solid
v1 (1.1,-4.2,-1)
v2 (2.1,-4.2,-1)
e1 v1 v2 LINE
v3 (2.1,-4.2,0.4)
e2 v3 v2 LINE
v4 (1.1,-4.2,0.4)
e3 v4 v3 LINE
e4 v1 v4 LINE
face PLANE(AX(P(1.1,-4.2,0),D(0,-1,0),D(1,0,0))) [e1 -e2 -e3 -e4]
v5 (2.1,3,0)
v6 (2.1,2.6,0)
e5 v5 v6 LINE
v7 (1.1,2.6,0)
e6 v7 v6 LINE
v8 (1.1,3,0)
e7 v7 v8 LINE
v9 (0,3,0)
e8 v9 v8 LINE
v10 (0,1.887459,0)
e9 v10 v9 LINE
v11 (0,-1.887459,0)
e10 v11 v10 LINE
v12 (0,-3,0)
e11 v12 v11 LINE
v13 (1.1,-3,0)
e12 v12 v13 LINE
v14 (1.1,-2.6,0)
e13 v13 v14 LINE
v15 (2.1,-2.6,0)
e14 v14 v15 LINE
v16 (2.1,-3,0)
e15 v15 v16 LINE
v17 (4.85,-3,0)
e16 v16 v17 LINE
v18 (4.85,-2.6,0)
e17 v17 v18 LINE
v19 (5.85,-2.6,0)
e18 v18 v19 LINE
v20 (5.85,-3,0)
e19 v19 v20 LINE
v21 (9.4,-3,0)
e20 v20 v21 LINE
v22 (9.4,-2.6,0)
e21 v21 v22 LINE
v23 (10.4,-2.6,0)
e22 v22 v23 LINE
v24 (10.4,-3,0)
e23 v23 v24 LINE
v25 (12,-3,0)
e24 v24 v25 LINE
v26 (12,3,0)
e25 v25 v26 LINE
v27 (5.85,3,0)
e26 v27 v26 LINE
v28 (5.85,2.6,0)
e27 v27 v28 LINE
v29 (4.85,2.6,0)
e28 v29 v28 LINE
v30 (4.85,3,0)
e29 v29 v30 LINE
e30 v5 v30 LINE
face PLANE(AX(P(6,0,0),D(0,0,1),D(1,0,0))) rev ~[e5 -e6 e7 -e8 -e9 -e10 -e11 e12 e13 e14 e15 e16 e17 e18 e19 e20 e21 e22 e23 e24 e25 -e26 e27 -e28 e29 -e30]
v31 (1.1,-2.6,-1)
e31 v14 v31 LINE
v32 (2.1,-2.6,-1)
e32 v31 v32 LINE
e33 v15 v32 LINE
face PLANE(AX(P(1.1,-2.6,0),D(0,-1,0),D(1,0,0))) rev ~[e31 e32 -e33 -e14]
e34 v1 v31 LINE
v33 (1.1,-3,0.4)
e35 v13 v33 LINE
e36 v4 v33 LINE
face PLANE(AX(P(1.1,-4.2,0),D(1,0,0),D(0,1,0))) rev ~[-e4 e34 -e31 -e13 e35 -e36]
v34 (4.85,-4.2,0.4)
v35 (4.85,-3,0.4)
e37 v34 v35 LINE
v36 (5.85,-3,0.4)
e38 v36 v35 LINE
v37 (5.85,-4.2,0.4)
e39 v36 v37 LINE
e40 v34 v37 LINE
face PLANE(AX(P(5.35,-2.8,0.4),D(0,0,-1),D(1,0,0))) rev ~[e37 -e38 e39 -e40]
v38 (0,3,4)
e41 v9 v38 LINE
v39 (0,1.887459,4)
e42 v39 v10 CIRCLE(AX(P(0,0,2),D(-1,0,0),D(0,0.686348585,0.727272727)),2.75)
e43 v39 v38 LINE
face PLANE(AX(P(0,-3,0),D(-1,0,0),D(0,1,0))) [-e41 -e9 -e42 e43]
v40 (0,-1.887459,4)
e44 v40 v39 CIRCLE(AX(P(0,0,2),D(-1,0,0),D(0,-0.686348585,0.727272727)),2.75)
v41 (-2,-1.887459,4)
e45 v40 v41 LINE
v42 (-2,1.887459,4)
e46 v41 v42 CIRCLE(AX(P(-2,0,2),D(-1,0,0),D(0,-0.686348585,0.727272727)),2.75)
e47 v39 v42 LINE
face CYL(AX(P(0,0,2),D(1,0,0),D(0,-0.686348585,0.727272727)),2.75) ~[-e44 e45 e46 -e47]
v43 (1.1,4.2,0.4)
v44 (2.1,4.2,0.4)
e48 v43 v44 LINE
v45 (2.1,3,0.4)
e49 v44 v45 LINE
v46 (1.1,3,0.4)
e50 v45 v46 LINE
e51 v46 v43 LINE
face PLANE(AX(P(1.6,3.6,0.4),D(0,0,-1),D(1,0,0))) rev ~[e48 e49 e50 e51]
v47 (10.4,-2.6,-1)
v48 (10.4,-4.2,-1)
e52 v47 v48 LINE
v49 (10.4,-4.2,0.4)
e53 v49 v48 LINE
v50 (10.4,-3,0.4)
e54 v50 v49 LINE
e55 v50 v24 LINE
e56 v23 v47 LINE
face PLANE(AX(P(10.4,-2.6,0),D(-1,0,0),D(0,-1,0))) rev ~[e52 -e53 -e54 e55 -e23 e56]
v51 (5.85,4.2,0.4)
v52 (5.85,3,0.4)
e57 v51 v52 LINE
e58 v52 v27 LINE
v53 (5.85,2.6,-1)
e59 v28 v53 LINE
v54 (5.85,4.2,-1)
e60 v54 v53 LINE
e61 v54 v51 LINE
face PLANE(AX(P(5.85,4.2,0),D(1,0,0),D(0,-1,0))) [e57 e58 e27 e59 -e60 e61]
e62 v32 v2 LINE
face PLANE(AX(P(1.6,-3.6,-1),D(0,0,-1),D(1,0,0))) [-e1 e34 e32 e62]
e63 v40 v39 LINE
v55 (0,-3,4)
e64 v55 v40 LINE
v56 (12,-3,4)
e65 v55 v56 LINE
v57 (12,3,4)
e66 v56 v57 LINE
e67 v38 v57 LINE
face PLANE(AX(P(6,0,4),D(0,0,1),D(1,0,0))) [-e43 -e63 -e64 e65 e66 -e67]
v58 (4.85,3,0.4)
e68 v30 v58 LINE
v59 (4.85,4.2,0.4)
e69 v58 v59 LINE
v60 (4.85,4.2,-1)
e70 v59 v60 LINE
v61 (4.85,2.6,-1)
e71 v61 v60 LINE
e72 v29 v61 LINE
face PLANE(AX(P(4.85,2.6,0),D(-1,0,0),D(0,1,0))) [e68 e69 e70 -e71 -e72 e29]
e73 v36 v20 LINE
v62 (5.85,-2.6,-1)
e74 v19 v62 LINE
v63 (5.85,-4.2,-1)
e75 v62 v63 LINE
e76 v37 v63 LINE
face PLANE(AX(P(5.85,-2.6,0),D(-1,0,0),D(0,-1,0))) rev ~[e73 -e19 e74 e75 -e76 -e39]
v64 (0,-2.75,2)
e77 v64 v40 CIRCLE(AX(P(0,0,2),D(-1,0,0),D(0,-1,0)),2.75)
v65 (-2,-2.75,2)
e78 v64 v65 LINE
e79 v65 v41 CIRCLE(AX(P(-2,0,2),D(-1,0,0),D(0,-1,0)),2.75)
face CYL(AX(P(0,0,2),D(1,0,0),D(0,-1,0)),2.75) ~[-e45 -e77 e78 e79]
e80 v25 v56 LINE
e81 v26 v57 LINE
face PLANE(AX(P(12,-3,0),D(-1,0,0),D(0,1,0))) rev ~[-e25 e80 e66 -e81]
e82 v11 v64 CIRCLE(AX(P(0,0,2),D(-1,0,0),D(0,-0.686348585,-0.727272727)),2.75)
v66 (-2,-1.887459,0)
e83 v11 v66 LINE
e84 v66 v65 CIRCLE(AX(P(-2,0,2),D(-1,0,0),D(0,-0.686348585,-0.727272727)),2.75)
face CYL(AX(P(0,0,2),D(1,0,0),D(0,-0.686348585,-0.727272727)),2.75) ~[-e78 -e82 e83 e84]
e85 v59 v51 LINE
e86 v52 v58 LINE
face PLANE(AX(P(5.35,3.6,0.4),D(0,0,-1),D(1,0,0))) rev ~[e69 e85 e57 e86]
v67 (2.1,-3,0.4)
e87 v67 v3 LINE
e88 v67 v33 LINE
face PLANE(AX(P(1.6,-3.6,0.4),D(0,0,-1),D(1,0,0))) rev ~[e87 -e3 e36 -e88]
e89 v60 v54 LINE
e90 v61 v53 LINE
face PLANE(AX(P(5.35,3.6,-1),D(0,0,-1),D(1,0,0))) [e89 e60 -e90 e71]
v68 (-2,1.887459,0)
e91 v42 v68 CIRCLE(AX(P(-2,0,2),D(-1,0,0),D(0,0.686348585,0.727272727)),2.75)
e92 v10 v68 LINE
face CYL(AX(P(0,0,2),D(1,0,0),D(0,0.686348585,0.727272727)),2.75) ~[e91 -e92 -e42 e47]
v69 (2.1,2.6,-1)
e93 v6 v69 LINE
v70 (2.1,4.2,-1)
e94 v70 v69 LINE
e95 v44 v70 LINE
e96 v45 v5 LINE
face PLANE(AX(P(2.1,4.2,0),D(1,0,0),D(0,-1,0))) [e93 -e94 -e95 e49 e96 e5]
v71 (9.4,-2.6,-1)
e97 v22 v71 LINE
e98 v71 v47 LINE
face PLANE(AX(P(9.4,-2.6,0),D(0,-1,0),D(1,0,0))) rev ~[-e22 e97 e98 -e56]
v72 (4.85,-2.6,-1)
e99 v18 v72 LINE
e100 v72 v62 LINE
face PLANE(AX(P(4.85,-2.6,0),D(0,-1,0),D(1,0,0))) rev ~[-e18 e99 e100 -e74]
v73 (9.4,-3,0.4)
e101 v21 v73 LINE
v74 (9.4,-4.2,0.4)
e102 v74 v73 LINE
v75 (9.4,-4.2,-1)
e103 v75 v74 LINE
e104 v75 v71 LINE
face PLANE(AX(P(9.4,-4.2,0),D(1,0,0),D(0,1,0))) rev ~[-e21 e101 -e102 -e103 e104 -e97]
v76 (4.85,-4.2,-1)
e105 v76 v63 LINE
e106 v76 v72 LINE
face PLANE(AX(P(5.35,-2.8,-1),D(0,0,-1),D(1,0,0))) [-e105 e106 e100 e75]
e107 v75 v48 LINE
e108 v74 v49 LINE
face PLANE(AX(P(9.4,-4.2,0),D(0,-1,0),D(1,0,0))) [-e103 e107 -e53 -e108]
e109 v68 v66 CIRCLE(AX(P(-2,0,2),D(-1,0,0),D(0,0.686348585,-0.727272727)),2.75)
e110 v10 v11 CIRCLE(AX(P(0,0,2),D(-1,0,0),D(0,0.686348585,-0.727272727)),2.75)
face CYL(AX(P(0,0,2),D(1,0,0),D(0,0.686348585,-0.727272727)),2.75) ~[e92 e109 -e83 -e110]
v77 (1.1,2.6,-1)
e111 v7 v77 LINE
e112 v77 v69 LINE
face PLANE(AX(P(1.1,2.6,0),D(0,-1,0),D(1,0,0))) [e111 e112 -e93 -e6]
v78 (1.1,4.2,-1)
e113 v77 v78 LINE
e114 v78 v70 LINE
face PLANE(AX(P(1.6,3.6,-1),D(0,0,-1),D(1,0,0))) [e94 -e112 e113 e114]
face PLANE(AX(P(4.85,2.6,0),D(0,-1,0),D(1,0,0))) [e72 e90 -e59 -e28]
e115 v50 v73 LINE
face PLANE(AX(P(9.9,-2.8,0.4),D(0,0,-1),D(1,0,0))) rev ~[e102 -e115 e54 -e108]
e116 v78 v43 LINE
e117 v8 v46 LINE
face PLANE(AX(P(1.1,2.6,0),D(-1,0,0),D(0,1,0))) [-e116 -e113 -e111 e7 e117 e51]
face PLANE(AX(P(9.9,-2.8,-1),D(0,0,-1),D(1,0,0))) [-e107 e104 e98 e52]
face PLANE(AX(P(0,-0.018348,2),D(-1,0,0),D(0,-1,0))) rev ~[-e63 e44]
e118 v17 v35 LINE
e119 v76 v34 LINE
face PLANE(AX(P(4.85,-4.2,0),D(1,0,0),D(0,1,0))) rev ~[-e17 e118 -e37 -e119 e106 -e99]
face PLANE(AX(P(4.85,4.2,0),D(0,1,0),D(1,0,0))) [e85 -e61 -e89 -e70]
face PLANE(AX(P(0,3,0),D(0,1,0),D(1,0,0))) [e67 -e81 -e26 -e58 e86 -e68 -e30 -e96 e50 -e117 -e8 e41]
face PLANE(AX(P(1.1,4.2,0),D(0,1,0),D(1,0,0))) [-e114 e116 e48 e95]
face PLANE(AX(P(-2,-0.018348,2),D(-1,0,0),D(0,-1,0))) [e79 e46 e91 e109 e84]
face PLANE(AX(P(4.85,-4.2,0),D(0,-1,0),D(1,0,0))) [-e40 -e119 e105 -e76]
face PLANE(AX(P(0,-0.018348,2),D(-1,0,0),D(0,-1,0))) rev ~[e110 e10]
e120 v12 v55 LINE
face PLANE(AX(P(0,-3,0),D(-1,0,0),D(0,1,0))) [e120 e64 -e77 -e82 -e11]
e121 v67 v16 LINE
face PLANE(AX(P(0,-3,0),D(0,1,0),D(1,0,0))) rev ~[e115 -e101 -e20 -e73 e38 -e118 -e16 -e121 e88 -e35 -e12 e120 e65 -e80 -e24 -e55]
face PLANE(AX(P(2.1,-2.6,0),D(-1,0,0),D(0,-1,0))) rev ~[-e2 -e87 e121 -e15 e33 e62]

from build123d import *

# Parameters (mm, degrees)
F0_W          = 12
F0_H          = 6
F1_DEPTH      = 4
F3_DEPTH      = 2
F4_W          = 1
F4_H          = 1.2
F4_H_2        = 0.4
F5_DEPTH      = 1
F5_DEPTH_BACK = 0.4


with BuildPart() as f1:
    # F0 (on Top) → F1 (new body)
    with BuildSketch(Plane.XY):
        with Locations((6, 0)):
            Rectangle(F0_W, F0_H)
    extrude(amount=F1_DEPTH)

    # F2 (on face) → F3 (join)
    with BuildSketch(Plane(origin=(0, 0, 0), x_dir=(0, -1, 0), z_dir=(-1, 0, 0))):
        with BuildLine():
            ThreePointArc((1.8874586088, 0), (2.5251743677, 0.910966294), (2.75, 2))
            ThreePointArc((2.75, 2), (2.5251743677, 3.089033706), (1.8874586088, 4))
            Line((1.8874586088, 4), (-1.8874586088, 4))
            ThreePointArc((-1.8874586088, 4), (-2.75, 2), (-1.8874586088, 0))
            Line((-1.8874586088, 0), (1.8874586088, 0))
        make_face()
        with BuildLine():
            Line((-1.8874586088, 4), (1.8874586088, 4))
            ThreePointArc((1.8874586088, 4), (0, 4.75), (-1.8874586088, 4))
        make_face()
        with BuildLine():
            ThreePointArc((-1.8874586088, 0), (0, -0.75), (1.8874586088, 0))
            Line((1.8874586088, 0), (-1.8874586088, 0))
        make_face()
    extrude(amount=F3_DEPTH)

    # F4 (on face) → F5 (join, two sides)
    with BuildSketch(Plane(origin=(0, 0, 0), x_dir=(1, 0, 0), z_dir=(0, 0, -1))) as f5_sk:
        with Locations((1.6, -3.6)):
            Rectangle(F4_W, F4_H)
        with Locations((1.6, 3.6)):
            Rectangle(F4_W, F4_H)
        with Locations((1.6, 2.8)):
            Rectangle(F4_W, F4_H_2)
        with Locations((5.35, 2.8)):
            Rectangle(F4_W, F4_H_2)
        with Locations((5.35, 3.6)):
            Rectangle(F4_W, F4_H)
        with Locations((1.6, -2.8)):
            Rectangle(F4_W, F4_H_2)
        with Locations((5.35, -3.6)):
            Rectangle(F4_W, F4_H)
        with Locations((5.35, -2.8)):
            Rectangle(F4_W, F4_H_2)
        with Locations((9.9, 2.8)):
            Rectangle(F4_W, F4_H_2)
        with Locations((9.9, 3.6)):
            Rectangle(F4_W, F4_H)
    extrude(amount=F5_DEPTH)
    extrude(f5_sk.sketch, amount=-F5_DEPTH_BACK)


solid = f1.part
